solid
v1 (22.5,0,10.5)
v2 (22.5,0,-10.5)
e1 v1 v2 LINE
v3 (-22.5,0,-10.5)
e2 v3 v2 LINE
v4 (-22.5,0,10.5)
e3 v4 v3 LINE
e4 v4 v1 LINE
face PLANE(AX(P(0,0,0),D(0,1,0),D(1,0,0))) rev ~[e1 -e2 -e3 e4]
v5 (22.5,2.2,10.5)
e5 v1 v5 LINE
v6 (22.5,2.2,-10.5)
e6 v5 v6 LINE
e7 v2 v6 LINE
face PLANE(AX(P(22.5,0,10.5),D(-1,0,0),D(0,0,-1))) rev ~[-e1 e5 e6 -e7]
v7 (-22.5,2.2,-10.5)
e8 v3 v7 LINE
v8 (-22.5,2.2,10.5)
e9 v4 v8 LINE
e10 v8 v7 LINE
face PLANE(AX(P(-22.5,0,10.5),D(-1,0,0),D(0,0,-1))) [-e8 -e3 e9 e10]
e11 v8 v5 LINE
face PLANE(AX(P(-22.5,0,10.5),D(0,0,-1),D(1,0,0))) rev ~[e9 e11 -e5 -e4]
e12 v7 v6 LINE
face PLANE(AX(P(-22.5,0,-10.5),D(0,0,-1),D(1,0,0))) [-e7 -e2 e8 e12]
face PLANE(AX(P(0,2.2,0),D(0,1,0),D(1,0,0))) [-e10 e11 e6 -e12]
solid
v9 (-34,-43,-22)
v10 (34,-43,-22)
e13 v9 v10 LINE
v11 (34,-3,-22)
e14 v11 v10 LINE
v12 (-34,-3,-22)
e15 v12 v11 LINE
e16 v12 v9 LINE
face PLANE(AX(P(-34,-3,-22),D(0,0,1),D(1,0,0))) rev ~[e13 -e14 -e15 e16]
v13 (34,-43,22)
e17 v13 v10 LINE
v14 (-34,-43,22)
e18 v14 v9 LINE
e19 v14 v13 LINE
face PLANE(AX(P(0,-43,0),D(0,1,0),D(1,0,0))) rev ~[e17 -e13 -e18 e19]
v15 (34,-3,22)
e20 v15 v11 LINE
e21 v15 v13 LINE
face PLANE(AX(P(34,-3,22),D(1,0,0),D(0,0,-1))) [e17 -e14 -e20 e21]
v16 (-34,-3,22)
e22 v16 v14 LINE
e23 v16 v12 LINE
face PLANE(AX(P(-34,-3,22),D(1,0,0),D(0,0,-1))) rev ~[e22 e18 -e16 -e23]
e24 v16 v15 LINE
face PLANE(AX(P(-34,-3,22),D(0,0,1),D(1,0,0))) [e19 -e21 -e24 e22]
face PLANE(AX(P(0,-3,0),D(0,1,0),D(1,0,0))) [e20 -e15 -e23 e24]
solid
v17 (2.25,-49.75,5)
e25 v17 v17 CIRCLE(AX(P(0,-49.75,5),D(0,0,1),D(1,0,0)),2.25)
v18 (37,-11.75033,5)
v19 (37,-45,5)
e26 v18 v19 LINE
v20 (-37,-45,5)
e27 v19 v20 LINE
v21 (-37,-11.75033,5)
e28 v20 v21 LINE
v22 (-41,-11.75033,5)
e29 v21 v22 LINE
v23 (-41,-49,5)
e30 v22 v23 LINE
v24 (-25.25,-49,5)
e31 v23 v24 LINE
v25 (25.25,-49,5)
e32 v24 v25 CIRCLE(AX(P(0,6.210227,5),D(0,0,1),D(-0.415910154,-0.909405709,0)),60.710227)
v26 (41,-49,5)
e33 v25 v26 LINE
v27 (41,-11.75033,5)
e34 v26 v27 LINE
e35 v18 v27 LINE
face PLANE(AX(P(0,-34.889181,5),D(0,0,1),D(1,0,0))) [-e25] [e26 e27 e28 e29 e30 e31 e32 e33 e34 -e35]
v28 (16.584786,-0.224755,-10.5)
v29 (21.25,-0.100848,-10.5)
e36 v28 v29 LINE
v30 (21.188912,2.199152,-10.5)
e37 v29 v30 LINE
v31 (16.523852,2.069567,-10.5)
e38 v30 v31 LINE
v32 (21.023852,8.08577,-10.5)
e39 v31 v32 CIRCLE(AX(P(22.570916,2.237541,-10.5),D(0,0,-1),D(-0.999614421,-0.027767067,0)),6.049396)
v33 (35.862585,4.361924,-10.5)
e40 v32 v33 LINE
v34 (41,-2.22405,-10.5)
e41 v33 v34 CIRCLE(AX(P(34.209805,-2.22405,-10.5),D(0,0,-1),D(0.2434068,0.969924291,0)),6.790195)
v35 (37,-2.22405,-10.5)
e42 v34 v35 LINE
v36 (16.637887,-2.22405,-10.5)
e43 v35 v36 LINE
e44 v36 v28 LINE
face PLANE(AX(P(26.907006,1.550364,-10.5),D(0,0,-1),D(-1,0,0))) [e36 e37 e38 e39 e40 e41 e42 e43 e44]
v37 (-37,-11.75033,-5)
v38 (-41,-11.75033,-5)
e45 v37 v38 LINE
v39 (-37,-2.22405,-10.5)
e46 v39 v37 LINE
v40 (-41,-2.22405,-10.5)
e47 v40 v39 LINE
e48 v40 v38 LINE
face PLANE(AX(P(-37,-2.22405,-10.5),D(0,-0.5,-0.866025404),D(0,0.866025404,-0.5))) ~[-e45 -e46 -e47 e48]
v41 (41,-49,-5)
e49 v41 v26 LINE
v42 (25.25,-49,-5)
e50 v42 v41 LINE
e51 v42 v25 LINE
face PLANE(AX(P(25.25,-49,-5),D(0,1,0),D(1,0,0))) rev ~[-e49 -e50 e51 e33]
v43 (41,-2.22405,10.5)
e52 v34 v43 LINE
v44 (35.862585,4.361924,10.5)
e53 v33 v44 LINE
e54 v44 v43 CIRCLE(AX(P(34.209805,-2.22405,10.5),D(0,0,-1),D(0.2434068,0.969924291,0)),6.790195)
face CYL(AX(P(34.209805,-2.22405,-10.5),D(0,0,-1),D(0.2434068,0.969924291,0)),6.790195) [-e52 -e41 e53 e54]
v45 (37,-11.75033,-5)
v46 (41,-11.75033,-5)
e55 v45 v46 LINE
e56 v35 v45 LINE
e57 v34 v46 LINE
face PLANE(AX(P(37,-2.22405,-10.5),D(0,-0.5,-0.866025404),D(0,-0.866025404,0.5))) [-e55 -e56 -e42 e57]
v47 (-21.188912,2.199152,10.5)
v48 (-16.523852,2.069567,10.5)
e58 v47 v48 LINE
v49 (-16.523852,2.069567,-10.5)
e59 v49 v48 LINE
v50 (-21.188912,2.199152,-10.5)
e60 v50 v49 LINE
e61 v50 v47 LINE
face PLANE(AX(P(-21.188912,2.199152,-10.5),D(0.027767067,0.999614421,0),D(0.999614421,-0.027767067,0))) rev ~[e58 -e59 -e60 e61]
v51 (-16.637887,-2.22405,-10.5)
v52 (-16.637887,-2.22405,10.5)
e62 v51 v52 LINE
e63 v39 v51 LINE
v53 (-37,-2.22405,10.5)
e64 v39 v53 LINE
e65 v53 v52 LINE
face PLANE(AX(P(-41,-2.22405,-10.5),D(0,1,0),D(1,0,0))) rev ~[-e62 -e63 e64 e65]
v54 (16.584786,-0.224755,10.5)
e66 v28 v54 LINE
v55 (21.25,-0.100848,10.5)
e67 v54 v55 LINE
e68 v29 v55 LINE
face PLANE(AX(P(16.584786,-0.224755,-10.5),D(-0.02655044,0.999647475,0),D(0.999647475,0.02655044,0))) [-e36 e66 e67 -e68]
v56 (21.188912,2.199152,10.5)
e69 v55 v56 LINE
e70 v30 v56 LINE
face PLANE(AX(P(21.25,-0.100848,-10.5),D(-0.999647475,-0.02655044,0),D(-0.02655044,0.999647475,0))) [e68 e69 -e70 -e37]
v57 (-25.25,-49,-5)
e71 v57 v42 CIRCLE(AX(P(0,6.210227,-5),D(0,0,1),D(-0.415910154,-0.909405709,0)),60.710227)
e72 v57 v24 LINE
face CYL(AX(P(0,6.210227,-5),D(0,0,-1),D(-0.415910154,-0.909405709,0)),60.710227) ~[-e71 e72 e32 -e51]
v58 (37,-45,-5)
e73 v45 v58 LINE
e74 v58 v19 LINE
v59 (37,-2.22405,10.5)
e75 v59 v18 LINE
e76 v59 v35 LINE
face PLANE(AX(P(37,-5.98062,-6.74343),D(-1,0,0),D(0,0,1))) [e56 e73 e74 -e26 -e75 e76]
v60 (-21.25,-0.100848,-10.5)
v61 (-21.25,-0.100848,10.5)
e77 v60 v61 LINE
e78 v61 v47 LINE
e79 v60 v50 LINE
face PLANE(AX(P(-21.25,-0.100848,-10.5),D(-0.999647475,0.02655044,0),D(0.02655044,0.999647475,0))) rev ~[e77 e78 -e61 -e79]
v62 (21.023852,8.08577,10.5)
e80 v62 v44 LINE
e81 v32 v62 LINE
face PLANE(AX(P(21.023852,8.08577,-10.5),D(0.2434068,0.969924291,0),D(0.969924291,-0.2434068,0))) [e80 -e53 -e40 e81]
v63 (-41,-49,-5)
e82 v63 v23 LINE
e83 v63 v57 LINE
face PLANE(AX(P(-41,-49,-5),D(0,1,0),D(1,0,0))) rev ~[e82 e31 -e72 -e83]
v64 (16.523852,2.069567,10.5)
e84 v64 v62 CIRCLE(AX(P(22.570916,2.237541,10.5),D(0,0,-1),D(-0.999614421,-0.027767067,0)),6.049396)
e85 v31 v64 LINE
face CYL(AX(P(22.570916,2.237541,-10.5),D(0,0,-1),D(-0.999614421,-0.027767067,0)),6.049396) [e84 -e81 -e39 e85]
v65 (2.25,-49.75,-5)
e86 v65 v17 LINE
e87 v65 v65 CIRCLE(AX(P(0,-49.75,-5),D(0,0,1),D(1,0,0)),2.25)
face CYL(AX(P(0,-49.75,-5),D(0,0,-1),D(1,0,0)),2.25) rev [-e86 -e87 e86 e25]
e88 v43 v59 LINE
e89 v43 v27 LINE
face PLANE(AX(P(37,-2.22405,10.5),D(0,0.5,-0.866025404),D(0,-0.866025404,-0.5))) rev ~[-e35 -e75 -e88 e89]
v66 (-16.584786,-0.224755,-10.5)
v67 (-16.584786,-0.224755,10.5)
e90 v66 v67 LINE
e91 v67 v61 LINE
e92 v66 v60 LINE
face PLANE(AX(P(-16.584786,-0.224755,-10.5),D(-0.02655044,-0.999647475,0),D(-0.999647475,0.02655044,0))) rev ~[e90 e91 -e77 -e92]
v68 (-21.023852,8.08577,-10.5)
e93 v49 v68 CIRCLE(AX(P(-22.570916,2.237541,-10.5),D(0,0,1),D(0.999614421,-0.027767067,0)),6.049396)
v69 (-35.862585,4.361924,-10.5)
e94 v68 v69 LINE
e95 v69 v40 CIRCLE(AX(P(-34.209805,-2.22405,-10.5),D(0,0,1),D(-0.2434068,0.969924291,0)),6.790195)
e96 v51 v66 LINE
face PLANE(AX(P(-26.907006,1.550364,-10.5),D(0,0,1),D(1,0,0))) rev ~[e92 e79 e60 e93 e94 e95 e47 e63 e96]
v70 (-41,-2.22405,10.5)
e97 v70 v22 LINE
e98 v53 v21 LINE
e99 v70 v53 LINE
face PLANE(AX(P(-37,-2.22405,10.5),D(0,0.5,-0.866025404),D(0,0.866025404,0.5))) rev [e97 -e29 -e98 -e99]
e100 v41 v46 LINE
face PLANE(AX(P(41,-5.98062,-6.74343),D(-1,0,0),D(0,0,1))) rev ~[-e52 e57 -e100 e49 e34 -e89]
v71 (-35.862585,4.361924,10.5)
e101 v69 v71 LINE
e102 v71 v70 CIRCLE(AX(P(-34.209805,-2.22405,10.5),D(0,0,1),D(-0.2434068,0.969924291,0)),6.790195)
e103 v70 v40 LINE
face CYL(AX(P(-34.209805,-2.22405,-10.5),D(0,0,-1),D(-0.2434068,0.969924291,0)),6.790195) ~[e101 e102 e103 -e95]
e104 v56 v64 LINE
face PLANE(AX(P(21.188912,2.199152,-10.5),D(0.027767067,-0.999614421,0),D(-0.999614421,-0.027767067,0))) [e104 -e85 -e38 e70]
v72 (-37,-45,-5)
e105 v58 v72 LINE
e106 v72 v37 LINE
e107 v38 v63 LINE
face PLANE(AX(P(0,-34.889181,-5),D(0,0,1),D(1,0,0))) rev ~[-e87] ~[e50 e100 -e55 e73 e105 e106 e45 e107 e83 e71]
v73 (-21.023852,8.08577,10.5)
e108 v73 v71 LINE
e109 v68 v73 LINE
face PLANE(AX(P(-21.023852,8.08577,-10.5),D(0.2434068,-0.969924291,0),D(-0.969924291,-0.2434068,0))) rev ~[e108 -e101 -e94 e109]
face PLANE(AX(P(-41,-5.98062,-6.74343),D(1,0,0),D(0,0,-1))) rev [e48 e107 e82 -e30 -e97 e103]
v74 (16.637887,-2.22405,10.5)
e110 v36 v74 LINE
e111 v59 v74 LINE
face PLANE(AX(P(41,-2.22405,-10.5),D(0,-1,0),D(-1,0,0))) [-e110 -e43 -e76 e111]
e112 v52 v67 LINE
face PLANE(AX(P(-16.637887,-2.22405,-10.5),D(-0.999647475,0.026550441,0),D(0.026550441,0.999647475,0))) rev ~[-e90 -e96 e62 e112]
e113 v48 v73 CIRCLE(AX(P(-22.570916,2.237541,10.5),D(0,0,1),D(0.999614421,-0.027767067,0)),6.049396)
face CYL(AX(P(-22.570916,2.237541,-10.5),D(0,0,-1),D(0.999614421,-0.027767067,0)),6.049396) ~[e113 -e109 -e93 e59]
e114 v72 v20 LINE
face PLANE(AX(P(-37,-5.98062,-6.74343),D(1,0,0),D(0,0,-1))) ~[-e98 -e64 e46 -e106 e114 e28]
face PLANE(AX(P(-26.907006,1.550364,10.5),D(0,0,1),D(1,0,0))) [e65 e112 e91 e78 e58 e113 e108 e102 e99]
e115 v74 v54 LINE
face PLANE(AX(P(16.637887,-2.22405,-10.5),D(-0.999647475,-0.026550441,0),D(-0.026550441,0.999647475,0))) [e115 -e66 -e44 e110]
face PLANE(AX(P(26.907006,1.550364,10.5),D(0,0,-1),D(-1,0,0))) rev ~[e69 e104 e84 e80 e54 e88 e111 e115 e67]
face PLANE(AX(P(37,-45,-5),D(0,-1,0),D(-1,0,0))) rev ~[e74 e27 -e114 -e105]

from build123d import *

# Parameters (mm, degrees)
SKETCH1_W                = 45
SKETCH1_H                = 21
BOSS_EXTRUDE1_DEPTH      = 2.2
SKETCH2_W                = 68
SKETCH2_H                = 44
BOSS_EXTRUDE2_DEPTH      = 40
BOSS_EXTRUDE3_DEPTH      = 5
BOSS_EXTRUDE3_DEPTH_BACK = 5
SKETCH4_R                = 2.25
BOSS_EXTRUDE4_DEPTH      = 10.5
BOSS_EXTRUDE4_DEPTH_BACK = 10.5
BOSS_EXTRUDE5_START      = -4
BOSS_EXTRUDE5_DEPTH      = 4


with BuildPart() as part:
    # Sketch1 → Boss-Extrude1 (new body)
    with BuildSketch(Plane(origin=(0, 0, 0), x_dir=(1, 0, 0), z_dir=(0, 1, 0))):
        Rectangle(SKETCH1_W, SKETCH1_H)
    extrude(amount=BOSS_EXTRUDE1_DEPTH)


with BuildPart() as body_2:
    # Sketch2 → Boss-Extrude2 (new body)
    with BuildSketch(Plane(origin=(0, -3, 0), x_dir=(1, 0, 0), z_dir=(0, 1, 0))):
        Rectangle(SKETCH2_W, SKETCH2_H)
    extrude(amount=-BOSS_EXTRUDE2_DEPTH)


with BuildPart() as body_3:
    # Sketch4 → Boss-Extrude3 (new, two sides: drawn at the far end of the back side and taken through both)
    with BuildSketch(Plane.XY.offset(-BOSS_EXTRUDE3_DEPTH_BACK)):
        with BuildLine():
            Line((37, -45), (-37, -45))
            Line((-37, -45), (-37, -2.2240504))
            Line((-37, -2.2240504), (-41, -2.2240504))
            Line((-41, -2.2240504), (-41, -49))
            Line((-41, -49), (-25.25, -49))
            ThreePointArc((-25.25, -49), (0, -54.5), (25.25, -49))
            Line((25.25, -49), (41, -49))
            Line((41, -49), (41, -2.2240504))
            Line((41, -2.2240504), (37, -2.2240504))
            Line((37, -2.2240504), (37, -45))
        make_face()
        with Locations((0, -49.75)):
            Circle(SKETCH4_R, mode=Mode.SUBTRACT)
    extrude(amount=BOSS_EXTRUDE3_DEPTH + BOSS_EXTRUDE3_DEPTH_BACK)

    # Sketch4<4> → Boss-Extrude4 (add, two sides: drawn at the far end of the back side and taken through both)
    with BuildSketch(Plane.XY.offset(-BOSS_EXTRUDE4_DEPTH_BACK)):
        with BuildLine():
            Line((21.023852366, 8.08576998), (35.862584958, 4.361924258))
            ThreePointArc((35.862584958, 4.361924258), (39.563749625, 1.952314512), (41, -2.2240504))
            Line((41, -2.2240504), (37, -2.2240504))
            Line((37, -2.2240504), (16.637886535, -2.2240504))
            Line((16.637886535, -2.2240504), (16.584785654, -0.224755451))
            Line((16.584785654, -0.224755451), (21.25, -0.100848275))
            Line((21.25, -0.100848275), (21.188912452, 2.199151725))
            Line((21.188912452, 2.199151725), (16.523852366, 2.069566723))
            ThreePointArc((16.523852366, 2.069566723), (17.726706241, 5.86091276), (21.023852366, 8.08576998))
        make_face()
        with BuildLine():
            Line((-21.023852366, 8.08576998), (-35.862584958, 4.361924258))
            ThreePointArc((-35.862584958, 4.361924258), (-39.563749625, 1.952314512), (-41, -2.2240504))
            Line((-41, -2.2240504), (-37, -2.2240504))
            Line((-37, -2.2240504), (-16.637886535, -2.2240504))
            Line((-16.637886535, -2.2240504), (-16.584785654, -0.224755451))
            Line((-16.584785654, -0.224755451), (-21.25, -0.100848275))
            Line((-21.25, -0.100848275), (-21.188912452, 2.199151725))
            Line((-21.188912452, 2.199151725), (-16.523852366, 2.069566723))
            ThreePointArc((-16.523852366, 2.069566723), (-17.726706241, 5.86091276), (-21.023852366, 8.08576998))
        make_face()
    extrude(amount=BOSS_EXTRUDE4_DEPTH + BOSS_EXTRUDE4_DEPTH_BACK)

    # Sketch6 → Boss-Extrude5 (add)
    with BuildSketch(Plane(origin=(41, 0, 0), x_dir=(0, 0, -1), z_dir=(1, 0, 0)).offset(BOSS_EXTRUDE5_START)):
        Polygon((10.5, -2.2240504), (5, -11.750329842), (5, -2.2240504), align=None)
        Polygon((-5, -11.750329842), (-5, -2.2240504), (-10.5, -2.2240504), align=None)
    boss_extrude5 = extrude(amount=BOSS_EXTRUDE5_DEPTH)

    # Mirror1: Boss-Extrude5 across plane
    add(boss_extrude5.mirror(Plane(origin=(0, 0, 0), x_dir=(0, 0, 1), z_dir=(1, 0, 0))))


solid = Compound([part.part, body_2.part, body_3.part])
